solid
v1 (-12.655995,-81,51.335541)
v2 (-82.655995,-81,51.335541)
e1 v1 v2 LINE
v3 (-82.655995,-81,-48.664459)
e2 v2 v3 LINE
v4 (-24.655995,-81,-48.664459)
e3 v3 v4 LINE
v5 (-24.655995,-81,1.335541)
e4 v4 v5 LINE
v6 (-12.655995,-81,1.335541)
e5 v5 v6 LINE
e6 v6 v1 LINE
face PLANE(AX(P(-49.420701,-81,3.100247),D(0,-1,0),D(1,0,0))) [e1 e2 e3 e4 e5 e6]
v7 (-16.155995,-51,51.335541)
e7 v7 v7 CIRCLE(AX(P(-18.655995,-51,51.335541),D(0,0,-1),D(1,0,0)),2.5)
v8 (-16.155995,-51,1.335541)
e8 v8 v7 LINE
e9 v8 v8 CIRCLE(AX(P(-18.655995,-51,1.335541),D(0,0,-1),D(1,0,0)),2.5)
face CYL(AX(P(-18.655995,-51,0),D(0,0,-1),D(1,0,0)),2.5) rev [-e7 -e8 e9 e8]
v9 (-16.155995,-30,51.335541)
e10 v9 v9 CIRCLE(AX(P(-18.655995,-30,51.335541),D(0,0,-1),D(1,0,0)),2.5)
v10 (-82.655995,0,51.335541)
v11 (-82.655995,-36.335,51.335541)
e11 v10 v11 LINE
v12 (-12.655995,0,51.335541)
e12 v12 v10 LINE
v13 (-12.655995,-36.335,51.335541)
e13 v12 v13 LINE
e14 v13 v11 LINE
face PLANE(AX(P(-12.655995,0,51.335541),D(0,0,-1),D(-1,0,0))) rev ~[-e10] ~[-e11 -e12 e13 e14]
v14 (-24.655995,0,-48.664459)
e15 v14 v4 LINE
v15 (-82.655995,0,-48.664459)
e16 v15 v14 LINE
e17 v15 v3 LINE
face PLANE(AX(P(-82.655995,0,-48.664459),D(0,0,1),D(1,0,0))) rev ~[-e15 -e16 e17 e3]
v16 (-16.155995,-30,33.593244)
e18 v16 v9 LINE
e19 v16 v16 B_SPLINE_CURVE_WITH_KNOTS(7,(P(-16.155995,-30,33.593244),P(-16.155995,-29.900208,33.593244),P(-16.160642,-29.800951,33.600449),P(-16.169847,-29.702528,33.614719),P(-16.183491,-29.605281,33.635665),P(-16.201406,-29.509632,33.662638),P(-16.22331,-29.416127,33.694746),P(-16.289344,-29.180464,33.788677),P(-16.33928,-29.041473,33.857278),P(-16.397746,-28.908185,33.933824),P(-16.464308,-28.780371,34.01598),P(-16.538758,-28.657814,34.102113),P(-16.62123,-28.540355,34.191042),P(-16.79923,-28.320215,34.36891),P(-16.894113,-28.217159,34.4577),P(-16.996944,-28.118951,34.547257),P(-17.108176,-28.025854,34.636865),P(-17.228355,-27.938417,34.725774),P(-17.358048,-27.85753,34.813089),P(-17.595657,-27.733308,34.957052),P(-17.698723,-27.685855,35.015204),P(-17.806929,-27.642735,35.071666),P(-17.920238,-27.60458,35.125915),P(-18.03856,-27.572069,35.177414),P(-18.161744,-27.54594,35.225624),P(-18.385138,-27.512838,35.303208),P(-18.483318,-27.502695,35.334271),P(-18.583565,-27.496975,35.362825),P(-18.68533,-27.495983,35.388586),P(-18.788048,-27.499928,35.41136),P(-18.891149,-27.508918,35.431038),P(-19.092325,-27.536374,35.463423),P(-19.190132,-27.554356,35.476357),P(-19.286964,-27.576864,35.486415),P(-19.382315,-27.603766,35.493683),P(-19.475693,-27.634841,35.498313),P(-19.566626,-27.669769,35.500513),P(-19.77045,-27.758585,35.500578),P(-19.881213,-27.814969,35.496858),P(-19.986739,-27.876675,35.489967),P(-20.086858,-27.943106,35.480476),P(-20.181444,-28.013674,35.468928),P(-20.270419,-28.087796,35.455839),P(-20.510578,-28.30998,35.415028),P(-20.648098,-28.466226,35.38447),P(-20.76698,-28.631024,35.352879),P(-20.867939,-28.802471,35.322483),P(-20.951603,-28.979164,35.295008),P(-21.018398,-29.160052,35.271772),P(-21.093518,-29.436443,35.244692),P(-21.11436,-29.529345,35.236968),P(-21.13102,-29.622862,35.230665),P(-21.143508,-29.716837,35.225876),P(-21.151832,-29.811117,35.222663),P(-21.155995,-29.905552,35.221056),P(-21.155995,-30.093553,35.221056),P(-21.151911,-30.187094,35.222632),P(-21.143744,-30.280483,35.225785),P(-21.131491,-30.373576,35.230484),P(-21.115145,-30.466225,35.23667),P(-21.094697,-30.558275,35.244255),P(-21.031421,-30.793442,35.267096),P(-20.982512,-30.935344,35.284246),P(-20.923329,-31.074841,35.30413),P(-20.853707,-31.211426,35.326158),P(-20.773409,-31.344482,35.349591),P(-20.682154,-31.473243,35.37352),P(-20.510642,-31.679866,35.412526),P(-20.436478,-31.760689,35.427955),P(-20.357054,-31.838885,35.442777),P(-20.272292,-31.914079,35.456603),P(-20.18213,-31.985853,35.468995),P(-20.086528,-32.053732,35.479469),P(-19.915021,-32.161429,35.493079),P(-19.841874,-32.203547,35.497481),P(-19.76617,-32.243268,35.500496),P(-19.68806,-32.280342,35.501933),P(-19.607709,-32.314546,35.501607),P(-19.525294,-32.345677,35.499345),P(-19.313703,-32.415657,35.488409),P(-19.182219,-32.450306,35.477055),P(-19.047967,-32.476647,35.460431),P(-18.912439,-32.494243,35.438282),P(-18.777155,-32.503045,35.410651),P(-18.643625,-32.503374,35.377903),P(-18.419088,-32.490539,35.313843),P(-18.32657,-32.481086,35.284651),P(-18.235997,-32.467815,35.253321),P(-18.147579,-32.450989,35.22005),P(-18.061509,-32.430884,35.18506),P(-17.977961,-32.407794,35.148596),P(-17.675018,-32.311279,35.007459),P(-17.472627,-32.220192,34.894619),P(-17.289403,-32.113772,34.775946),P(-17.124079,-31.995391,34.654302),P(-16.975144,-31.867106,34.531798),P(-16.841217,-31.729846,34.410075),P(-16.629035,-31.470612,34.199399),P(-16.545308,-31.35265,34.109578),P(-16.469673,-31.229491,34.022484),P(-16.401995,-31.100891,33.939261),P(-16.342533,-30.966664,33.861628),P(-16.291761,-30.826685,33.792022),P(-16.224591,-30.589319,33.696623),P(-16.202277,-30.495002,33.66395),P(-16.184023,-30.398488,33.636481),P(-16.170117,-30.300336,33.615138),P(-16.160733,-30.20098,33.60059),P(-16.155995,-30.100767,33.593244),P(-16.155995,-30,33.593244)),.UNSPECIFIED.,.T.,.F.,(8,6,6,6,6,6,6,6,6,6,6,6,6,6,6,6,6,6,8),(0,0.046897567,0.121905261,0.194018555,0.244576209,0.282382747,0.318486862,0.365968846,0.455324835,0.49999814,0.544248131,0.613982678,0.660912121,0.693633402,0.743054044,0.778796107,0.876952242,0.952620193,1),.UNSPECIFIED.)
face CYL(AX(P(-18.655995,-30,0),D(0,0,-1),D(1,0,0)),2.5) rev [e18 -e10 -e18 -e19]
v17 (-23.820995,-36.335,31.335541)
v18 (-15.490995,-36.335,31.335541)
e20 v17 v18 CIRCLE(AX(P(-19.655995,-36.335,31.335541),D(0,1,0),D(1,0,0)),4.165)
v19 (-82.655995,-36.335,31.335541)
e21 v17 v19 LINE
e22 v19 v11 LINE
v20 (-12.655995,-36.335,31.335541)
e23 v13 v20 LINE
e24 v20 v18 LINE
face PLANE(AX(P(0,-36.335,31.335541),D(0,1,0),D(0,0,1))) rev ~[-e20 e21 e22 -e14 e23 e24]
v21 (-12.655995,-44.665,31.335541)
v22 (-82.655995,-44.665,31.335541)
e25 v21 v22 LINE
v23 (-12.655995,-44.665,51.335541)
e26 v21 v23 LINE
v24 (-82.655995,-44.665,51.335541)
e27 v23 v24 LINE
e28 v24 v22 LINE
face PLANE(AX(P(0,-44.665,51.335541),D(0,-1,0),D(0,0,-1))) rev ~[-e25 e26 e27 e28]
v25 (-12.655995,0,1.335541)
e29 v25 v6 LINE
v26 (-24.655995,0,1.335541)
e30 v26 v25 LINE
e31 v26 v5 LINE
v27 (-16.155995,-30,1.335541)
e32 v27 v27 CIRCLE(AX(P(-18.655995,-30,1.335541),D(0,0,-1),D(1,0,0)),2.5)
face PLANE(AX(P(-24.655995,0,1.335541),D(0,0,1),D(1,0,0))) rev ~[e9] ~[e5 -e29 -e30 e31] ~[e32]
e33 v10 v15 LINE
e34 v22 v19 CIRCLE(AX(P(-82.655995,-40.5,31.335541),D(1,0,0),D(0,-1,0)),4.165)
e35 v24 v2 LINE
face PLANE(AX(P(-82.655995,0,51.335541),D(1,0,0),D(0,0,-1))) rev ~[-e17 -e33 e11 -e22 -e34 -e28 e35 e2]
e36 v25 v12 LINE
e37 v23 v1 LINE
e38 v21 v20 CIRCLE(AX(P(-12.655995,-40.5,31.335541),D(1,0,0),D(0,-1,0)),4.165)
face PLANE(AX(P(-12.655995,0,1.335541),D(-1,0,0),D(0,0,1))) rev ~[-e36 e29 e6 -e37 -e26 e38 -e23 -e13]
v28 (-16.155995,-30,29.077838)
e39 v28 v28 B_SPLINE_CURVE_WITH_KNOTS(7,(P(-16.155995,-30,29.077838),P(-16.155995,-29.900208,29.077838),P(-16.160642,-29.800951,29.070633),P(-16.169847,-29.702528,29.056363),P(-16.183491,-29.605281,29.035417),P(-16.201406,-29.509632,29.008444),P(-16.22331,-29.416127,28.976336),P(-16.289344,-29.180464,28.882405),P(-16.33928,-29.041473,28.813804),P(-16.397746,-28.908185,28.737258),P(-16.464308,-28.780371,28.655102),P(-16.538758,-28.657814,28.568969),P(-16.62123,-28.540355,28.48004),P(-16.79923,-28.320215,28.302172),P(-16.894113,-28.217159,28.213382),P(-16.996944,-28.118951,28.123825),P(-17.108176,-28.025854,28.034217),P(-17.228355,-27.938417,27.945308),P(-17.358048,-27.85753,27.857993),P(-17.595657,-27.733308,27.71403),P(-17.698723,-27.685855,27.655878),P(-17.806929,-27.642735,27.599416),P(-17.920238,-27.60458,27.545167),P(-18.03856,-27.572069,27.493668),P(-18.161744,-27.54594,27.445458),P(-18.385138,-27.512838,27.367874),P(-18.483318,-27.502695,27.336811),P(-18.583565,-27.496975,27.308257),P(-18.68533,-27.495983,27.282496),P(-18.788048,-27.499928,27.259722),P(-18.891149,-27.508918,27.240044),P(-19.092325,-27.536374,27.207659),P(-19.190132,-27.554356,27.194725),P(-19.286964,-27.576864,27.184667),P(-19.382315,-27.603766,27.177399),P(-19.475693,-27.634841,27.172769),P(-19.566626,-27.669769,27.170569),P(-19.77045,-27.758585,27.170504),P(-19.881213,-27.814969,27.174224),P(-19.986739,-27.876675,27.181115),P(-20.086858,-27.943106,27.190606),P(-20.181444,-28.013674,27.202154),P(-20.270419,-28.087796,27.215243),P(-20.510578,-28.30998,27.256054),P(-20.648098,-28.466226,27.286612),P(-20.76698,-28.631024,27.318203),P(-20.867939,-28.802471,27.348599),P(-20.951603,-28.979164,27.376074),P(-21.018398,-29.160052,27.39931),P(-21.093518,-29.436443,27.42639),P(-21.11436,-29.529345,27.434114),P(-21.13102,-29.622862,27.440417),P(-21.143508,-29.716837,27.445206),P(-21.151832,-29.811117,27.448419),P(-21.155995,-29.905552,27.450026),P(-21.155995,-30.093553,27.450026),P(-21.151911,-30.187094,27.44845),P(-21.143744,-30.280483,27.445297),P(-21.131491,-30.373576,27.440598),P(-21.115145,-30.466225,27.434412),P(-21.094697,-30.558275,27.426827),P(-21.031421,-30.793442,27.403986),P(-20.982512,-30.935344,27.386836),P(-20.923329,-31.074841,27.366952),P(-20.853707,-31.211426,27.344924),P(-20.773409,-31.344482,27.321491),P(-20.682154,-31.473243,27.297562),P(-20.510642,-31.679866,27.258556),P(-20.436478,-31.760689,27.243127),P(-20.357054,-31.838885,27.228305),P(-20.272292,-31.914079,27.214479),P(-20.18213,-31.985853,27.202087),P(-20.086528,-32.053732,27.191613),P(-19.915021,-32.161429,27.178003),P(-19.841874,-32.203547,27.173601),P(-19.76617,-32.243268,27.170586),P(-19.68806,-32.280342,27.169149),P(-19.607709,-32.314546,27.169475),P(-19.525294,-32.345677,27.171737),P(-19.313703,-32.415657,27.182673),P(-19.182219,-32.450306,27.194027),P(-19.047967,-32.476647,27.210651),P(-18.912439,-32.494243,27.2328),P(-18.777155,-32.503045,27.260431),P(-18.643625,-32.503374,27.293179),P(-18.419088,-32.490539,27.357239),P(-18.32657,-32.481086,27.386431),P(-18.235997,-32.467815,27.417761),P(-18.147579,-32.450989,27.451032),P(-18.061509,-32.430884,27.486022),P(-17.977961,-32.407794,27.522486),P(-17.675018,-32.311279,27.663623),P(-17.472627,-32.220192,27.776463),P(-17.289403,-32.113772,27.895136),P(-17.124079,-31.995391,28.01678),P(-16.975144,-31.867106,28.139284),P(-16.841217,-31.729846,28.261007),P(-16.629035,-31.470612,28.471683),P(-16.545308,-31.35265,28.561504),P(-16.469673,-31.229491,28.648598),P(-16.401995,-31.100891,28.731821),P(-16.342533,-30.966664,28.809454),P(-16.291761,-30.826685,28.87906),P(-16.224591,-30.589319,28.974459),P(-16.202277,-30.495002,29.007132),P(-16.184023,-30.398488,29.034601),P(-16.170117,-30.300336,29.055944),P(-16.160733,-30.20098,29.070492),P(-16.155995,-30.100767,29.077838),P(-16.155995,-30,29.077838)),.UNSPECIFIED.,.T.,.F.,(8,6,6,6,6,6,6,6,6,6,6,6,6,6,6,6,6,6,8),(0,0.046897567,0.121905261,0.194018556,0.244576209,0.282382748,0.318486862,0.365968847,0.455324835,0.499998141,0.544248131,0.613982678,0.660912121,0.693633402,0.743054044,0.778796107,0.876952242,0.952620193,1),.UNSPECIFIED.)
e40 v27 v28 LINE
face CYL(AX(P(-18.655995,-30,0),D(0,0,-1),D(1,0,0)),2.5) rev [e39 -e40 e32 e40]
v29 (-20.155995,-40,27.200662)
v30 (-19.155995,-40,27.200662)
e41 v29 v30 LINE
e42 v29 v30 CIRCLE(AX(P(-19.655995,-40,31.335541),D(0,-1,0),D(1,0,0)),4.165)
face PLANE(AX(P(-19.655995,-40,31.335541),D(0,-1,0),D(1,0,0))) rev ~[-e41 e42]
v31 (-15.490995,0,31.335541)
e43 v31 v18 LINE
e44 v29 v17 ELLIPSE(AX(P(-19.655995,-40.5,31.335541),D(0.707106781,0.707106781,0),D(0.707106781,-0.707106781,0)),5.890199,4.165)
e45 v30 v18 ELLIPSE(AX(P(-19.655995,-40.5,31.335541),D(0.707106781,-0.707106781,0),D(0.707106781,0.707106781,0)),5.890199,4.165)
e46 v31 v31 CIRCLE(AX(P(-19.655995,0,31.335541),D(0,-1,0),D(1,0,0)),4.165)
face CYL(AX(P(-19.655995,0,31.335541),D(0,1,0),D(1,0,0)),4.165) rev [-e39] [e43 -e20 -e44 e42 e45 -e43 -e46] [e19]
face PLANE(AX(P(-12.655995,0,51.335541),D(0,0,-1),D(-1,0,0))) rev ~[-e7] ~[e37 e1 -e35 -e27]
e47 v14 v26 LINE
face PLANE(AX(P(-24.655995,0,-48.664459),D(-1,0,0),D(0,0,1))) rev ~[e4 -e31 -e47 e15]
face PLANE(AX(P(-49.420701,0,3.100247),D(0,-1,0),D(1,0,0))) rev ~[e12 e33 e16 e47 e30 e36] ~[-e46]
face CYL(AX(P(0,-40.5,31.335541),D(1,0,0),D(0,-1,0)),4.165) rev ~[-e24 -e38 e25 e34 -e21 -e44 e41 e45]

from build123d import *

# Parameters (mm, degrees)
F1_DEPTH = 81
F2_R     = 2.5
F3_DEPTH = 51.336541
F5_DEPTH = 100
F6_R     = 4.165
F7_DEPTH = 40


with BuildPart() as f1:
    # F0 (on Front) → F1 (new body)
    with BuildSketch(Plane.XZ):
        Polygon((-12.655995, 51.335541), (-82.655995, 51.335541), (-82.655995, -48.664459), (-24.655995, -48.664459), (-24.655995, 1.335541), (-12.655995, 1.335541), align=None)
    extrude(amount=F1_DEPTH)

    # F2 (on Top) → F3 (cut, through all)
    with BuildSketch(Plane.XY):
        with Locations((-18.655995, -30)):
            Circle(F2_R)
        with Locations((-18.655995, -51)):
            Circle(F2_R)
    extrude(amount=F3_DEPTH, mode=Mode.SUBTRACT)

    # F4 (on Right) → F5 (cut)
    with BuildSketch(Plane.YZ):
        with BuildLine():
            Line((-36.335, 31.335541), (-36.335, 51.335541))
            ThreePointArc((-36.335, 51.335541), (-40.5, 55.500541), (-44.665, 51.335541))
            Line((-44.665, 51.335541), (-44.665, 31.335541))
            ThreePointArc((-44.665, 31.335541), (-40.5, 27.170541), (-36.335, 31.335541))
        make_face()
    extrude(amount=-F5_DEPTH, mode=Mode.SUBTRACT)

    # F6 (on Front) → F7 (cut)
    with BuildSketch(Plane.XZ):
        with Locations((-19.655995, 31.335541)):
            Circle(F6_R)
    extrude(amount=F7_DEPTH, mode=Mode.SUBTRACT)


solid = f1.part
